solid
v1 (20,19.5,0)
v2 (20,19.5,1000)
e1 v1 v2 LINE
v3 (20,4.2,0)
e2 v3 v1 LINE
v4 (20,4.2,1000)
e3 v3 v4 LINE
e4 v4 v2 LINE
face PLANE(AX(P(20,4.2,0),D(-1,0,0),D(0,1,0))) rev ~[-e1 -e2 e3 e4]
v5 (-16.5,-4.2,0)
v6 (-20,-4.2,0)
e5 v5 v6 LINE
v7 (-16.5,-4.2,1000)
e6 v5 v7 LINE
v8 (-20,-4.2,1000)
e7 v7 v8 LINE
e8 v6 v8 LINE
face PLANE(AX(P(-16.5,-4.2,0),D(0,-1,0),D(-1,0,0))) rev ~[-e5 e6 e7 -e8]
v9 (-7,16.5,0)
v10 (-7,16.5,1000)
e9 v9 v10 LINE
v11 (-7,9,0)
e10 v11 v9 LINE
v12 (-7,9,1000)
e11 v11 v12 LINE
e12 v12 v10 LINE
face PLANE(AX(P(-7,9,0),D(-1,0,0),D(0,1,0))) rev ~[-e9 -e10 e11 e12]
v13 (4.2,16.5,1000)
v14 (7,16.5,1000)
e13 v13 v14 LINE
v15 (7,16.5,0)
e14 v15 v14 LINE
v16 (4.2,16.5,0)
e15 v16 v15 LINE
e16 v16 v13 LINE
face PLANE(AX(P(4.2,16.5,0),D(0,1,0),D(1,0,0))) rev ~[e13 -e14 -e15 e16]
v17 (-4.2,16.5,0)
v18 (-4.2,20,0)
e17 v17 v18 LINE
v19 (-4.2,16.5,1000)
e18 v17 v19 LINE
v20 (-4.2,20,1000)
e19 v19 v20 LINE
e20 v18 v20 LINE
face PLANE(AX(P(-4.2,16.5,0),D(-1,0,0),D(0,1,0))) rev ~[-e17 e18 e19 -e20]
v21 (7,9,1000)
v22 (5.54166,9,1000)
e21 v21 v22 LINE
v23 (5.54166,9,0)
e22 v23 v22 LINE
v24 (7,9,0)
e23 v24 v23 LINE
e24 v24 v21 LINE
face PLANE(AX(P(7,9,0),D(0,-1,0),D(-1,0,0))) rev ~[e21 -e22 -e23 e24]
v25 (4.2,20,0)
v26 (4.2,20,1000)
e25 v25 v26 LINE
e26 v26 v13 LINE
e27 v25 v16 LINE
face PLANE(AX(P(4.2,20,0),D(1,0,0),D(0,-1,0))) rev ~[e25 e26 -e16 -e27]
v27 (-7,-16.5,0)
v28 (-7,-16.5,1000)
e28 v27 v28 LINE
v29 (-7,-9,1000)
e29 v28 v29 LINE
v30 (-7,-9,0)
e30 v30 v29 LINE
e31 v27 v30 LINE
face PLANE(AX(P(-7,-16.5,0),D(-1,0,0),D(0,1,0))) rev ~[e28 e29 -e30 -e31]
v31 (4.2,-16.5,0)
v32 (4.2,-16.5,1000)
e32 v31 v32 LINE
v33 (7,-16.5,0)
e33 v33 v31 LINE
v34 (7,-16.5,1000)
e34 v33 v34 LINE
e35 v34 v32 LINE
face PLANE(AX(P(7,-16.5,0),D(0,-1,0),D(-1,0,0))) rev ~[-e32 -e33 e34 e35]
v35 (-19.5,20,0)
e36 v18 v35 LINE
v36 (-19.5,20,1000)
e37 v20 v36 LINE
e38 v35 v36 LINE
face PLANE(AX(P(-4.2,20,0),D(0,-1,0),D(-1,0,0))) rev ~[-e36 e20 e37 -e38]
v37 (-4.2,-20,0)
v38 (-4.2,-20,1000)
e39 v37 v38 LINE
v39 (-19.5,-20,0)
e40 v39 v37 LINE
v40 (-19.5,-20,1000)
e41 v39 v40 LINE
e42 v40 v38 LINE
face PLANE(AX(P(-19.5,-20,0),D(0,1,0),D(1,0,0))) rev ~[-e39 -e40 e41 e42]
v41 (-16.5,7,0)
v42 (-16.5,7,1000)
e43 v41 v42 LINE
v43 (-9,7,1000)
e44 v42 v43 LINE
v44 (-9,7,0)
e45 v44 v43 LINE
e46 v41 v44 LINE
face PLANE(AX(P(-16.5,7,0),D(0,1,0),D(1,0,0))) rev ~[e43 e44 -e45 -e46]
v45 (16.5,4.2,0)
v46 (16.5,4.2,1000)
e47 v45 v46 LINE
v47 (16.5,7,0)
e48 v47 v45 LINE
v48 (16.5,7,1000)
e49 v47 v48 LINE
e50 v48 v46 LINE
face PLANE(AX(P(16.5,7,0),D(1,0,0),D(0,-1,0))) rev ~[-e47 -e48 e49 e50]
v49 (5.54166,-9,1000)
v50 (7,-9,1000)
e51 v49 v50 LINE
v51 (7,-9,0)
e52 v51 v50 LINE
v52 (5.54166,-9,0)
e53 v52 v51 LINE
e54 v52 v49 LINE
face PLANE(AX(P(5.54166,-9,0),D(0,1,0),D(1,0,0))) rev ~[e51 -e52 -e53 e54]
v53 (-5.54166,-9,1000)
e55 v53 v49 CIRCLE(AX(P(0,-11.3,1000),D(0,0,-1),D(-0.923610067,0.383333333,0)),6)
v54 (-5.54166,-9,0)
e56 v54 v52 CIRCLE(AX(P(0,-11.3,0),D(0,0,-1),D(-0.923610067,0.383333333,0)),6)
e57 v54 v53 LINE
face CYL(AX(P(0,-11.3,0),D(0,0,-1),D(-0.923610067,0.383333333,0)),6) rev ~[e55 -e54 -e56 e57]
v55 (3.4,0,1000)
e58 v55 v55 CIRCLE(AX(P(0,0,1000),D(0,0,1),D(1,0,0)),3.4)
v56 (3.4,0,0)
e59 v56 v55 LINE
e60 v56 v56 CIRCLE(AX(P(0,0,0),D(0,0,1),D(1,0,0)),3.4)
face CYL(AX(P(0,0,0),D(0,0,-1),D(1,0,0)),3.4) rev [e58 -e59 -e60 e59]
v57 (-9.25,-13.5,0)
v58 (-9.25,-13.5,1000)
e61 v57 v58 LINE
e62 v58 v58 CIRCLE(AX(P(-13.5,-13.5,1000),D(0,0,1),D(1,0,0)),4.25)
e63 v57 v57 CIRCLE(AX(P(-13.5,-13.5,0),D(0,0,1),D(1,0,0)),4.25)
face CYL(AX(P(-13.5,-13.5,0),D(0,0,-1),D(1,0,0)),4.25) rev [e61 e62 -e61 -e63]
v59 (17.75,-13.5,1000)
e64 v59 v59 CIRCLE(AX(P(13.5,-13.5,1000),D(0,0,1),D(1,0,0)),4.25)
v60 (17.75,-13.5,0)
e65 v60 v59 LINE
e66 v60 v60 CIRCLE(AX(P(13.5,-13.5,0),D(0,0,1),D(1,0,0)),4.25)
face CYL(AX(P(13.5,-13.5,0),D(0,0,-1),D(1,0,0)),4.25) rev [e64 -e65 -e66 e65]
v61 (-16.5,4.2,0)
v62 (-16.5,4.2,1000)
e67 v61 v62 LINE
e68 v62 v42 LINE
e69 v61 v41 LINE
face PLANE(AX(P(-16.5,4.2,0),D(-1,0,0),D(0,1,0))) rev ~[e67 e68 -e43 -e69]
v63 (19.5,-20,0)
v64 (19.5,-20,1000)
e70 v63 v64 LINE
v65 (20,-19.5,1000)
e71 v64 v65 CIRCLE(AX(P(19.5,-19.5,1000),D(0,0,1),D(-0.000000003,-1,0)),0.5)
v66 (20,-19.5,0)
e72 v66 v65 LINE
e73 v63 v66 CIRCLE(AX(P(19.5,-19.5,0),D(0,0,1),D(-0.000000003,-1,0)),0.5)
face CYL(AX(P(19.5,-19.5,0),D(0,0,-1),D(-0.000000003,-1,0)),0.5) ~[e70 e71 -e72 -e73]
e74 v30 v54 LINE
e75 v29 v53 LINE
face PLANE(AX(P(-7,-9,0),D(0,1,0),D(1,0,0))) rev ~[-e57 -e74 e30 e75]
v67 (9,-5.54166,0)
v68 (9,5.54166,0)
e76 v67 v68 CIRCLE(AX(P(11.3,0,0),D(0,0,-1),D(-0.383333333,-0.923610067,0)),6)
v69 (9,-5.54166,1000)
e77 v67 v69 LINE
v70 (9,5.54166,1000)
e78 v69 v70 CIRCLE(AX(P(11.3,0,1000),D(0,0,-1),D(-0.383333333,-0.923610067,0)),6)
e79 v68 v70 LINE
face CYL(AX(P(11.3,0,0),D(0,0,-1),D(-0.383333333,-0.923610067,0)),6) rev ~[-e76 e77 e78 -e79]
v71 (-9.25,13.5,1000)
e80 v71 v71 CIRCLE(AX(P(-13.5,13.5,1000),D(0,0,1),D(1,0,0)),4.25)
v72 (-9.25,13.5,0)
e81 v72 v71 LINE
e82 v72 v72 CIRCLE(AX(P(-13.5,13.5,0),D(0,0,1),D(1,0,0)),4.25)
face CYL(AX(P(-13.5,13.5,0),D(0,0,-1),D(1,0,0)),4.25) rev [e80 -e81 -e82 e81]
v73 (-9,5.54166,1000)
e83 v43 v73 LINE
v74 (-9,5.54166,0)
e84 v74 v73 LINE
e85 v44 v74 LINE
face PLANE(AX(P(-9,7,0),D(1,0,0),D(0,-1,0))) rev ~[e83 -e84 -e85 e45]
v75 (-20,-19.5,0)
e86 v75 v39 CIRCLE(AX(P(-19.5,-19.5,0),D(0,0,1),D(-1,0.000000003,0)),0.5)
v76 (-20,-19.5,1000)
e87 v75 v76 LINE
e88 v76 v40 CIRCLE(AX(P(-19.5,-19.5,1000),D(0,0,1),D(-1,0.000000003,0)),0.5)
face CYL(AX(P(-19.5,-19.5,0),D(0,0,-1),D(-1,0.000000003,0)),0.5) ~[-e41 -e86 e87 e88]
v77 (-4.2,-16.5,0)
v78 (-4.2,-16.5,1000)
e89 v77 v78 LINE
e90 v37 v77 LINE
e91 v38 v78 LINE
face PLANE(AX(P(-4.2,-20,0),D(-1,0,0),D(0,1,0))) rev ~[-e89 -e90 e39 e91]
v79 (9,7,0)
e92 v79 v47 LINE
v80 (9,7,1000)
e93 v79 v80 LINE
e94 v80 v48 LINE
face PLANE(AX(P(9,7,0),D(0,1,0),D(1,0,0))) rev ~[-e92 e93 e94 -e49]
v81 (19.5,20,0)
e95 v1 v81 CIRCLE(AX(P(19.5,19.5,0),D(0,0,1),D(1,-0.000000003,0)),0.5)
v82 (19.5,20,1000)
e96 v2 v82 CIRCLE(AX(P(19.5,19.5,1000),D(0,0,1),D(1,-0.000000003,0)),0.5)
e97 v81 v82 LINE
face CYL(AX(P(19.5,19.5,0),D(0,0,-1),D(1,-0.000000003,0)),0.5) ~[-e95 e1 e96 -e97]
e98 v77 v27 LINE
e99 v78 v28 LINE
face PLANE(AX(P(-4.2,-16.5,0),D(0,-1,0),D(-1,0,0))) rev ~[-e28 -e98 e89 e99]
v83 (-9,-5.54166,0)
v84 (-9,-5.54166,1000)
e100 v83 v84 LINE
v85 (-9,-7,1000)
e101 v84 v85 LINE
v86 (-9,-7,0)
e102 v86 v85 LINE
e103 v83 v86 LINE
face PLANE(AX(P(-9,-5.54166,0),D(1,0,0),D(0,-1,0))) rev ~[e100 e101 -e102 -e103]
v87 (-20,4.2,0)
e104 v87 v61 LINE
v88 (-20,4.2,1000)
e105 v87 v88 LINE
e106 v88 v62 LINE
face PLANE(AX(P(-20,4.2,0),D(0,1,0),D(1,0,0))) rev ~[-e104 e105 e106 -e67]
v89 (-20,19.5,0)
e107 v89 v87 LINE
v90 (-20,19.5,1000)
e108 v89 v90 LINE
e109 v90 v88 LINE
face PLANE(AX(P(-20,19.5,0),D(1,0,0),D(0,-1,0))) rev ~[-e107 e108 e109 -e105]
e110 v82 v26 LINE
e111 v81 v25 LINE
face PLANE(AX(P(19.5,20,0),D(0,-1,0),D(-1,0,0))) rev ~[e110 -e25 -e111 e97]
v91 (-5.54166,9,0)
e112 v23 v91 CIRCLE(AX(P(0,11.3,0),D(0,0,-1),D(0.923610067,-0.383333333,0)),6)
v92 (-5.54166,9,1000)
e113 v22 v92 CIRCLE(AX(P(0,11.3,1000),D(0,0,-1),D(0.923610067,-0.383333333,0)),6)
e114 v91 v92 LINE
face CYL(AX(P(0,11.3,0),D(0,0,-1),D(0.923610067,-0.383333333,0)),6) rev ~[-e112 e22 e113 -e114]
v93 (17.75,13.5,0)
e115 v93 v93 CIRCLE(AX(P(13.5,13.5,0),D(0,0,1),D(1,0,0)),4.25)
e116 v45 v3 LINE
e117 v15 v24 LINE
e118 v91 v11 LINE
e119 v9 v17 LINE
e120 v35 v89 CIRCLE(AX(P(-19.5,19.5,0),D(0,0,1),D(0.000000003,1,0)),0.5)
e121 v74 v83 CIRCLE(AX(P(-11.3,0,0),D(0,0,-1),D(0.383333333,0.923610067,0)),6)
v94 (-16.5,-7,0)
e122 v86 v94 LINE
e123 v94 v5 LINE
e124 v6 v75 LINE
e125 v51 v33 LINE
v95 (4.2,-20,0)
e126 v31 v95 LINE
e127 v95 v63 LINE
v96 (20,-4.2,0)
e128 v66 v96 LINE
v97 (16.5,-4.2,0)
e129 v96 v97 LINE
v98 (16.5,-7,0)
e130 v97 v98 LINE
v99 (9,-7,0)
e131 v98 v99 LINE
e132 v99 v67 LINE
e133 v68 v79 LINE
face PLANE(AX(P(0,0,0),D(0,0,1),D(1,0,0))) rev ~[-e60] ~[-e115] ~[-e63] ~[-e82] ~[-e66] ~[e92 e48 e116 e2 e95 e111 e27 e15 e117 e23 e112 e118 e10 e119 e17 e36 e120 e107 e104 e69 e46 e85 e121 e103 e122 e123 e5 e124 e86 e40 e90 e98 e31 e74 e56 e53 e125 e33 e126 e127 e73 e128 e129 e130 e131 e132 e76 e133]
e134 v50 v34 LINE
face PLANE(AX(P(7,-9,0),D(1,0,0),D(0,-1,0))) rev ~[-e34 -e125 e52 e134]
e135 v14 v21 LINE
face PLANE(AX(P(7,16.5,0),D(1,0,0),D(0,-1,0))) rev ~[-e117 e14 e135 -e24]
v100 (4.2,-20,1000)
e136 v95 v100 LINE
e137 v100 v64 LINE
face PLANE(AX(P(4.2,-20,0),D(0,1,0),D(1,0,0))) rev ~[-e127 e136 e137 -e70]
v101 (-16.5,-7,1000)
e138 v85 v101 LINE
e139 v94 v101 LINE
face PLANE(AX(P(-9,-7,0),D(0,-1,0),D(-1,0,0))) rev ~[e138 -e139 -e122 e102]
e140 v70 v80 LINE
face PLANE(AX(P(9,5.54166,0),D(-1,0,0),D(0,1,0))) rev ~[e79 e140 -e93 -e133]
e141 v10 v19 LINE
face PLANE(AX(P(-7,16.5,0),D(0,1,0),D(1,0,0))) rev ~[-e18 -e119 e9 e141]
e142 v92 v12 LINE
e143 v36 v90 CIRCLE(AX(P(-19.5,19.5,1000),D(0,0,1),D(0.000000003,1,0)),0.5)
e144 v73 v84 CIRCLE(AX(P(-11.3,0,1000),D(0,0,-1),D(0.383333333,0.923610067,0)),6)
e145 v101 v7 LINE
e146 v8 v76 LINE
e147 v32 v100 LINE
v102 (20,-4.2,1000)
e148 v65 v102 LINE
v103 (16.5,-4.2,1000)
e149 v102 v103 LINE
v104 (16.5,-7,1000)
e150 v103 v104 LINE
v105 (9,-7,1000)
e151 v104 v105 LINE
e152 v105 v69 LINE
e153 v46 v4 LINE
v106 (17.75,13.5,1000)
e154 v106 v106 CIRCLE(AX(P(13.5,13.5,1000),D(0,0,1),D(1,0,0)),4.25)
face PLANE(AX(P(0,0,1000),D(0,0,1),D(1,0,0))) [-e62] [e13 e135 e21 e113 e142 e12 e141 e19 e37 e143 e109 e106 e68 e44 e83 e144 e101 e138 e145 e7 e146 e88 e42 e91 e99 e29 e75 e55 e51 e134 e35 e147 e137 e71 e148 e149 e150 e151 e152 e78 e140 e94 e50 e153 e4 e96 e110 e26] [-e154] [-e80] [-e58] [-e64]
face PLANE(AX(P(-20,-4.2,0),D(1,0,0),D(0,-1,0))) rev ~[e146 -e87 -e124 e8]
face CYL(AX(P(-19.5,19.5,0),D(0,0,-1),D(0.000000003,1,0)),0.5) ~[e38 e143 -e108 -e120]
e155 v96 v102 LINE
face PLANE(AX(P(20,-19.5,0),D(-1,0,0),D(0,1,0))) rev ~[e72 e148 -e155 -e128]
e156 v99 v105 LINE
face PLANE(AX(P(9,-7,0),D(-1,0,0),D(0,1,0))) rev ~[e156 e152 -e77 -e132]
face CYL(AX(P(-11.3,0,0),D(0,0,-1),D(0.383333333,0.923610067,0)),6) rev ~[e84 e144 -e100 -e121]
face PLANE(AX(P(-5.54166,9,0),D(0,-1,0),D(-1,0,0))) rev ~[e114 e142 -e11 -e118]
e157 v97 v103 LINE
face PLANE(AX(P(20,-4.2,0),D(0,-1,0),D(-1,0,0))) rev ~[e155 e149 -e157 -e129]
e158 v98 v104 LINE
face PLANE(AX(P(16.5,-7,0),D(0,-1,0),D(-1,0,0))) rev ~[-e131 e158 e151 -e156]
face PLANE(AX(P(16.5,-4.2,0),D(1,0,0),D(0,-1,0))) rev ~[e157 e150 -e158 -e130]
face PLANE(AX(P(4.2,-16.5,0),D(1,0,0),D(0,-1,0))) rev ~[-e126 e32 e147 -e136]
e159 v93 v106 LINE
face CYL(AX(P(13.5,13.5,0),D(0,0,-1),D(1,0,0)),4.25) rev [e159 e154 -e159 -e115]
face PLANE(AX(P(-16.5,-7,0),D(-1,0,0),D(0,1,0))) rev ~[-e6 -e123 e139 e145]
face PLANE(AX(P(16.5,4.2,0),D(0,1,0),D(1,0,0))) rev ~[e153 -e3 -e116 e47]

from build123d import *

# Parameters (mm, degrees)
SKETCH_1_R      = 4.25
SKETCH_1_R_2    = 3.4
EXTRUDE_1_DEPTH = 1000


with BuildPart() as part:
    # Эскиз1 → Бобышка-Вытянуть1 (new body)
    with BuildSketch(Plane.XY):
        with BuildLine():
            Line((-20, 19.5), (-20, 7))
            Line((-20, 7), (-20, 4.2))
            Line((-20, 4.2), (-16.5, 4.2))
            Line((-16.5, 4.2), (-16.5, 7))
            Line((-16.5, 7), (-9, 7))
            Line((-9, 7), (-9, 5.541660401))
            ThreePointArc((-9, 5.541660401), (-5.3, 0), (-9, -5.541660401))
            Line((-9, -5.541660401), (-9, -7))
            Line((-9, -7), (-16.5, -7))
            Line((-16.5, -7), (-16.5, -4.2))
            Line((-16.5, -4.2), (-20, -4.2))
            Line((-20, -4.2), (-20, -7))
            Line((-20, -7), (-20, -19.5))
            ThreePointArc((-20, -19.5), (-19.853553391, -19.853553391), (-19.5, -20))
            Line((-19.5, -20), (-7, -20))
            Line((-7, -20), (-4.2, -20))
            Line((-4.2, -20), (-4.2, -16.5))
            Line((-4.2, -16.5), (-7, -16.5))
            Line((-7, -16.5), (-7, -9))
            Line((-7, -9), (-5.541660401, -9))
            ThreePointArc((-5.541660401, -9), (0, -5.3), (5.541660401, -9))
            Line((5.541660401, -9), (7, -9))
            Line((7, -9), (7, -16.5))
            Line((7, -16.5), (4.2, -16.5))
            Line((4.2, -16.5), (4.2, -20))
            Line((4.2, -20), (7, -20))
            Line((7, -20), (19.5, -20))
            ThreePointArc((19.5, -20), (19.853553391, -19.853553391), (20, -19.5))
            Line((20, -19.5), (20, -7))
            Line((20, -7), (20, -4.2))
            Line((20, -4.2), (16.5, -4.2))
            Line((16.5, -4.2), (16.5, -7))
            Line((16.5, -7), (9, -7))
            Line((9, -7), (9, -5.541660401))
            ThreePointArc((9, -5.541660401), (5.3, 0), (9, 5.541660401))
            Line((9, 5.541660401), (9, 7))
            Line((9, 7), (16.5, 7))
            Line((16.5, 7), (16.5, 4.2))
            Line((16.5, 4.2), (20, 4.2))
            Line((20, 4.2), (20, 7))
            Line((20, 7), (20, 19.5))
            ThreePointArc((20, 19.5), (19.853553391, 19.853553391), (19.5, 20))
            Line((19.5, 20), (7, 20))
            Line((7, 20), (4.2, 20))
            Line((4.2, 20), (4.2, 16.5))
            Line((4.2, 16.5), (7, 16.5))
            Line((7, 16.5), (7, 9))
            Line((7, 9), (5.541660401, 9))
            ThreePointArc((5.541660401, 9), (0, 5.3), (-5.541660401, 9))
            Line((-5.541660401, 9), (-7, 9))
            Line((-7, 9), (-7, 16.5))
            Line((-7, 16.5), (-4.2, 16.5))
            Line((-4.2, 16.5), (-4.2, 20))
            Line((-4.2, 20), (-7, 20))
            Line((-7, 20), (-19.5, 20))
            ThreePointArc((-19.5, 20), (-19.853553391, 19.853553391), (-20, 19.5))
        make_face()
        with Locations((-13.5, -13.5)):
            Circle(SKETCH_1_R, mode=Mode.SUBTRACT)
        with Locations((13.5, -13.5)):
            Circle(SKETCH_1_R, mode=Mode.SUBTRACT)
        with Locations((-13.5, 13.5)):
            Circle(SKETCH_1_R, mode=Mode.SUBTRACT)
        Circle(SKETCH_1_R_2, mode=Mode.SUBTRACT)
        with Locations((13.5, 13.5)):
            Circle(SKETCH_1_R, mode=Mode.SUBTRACT)
    extrude(amount=EXTRUDE_1_DEPTH)


solid = part.part
